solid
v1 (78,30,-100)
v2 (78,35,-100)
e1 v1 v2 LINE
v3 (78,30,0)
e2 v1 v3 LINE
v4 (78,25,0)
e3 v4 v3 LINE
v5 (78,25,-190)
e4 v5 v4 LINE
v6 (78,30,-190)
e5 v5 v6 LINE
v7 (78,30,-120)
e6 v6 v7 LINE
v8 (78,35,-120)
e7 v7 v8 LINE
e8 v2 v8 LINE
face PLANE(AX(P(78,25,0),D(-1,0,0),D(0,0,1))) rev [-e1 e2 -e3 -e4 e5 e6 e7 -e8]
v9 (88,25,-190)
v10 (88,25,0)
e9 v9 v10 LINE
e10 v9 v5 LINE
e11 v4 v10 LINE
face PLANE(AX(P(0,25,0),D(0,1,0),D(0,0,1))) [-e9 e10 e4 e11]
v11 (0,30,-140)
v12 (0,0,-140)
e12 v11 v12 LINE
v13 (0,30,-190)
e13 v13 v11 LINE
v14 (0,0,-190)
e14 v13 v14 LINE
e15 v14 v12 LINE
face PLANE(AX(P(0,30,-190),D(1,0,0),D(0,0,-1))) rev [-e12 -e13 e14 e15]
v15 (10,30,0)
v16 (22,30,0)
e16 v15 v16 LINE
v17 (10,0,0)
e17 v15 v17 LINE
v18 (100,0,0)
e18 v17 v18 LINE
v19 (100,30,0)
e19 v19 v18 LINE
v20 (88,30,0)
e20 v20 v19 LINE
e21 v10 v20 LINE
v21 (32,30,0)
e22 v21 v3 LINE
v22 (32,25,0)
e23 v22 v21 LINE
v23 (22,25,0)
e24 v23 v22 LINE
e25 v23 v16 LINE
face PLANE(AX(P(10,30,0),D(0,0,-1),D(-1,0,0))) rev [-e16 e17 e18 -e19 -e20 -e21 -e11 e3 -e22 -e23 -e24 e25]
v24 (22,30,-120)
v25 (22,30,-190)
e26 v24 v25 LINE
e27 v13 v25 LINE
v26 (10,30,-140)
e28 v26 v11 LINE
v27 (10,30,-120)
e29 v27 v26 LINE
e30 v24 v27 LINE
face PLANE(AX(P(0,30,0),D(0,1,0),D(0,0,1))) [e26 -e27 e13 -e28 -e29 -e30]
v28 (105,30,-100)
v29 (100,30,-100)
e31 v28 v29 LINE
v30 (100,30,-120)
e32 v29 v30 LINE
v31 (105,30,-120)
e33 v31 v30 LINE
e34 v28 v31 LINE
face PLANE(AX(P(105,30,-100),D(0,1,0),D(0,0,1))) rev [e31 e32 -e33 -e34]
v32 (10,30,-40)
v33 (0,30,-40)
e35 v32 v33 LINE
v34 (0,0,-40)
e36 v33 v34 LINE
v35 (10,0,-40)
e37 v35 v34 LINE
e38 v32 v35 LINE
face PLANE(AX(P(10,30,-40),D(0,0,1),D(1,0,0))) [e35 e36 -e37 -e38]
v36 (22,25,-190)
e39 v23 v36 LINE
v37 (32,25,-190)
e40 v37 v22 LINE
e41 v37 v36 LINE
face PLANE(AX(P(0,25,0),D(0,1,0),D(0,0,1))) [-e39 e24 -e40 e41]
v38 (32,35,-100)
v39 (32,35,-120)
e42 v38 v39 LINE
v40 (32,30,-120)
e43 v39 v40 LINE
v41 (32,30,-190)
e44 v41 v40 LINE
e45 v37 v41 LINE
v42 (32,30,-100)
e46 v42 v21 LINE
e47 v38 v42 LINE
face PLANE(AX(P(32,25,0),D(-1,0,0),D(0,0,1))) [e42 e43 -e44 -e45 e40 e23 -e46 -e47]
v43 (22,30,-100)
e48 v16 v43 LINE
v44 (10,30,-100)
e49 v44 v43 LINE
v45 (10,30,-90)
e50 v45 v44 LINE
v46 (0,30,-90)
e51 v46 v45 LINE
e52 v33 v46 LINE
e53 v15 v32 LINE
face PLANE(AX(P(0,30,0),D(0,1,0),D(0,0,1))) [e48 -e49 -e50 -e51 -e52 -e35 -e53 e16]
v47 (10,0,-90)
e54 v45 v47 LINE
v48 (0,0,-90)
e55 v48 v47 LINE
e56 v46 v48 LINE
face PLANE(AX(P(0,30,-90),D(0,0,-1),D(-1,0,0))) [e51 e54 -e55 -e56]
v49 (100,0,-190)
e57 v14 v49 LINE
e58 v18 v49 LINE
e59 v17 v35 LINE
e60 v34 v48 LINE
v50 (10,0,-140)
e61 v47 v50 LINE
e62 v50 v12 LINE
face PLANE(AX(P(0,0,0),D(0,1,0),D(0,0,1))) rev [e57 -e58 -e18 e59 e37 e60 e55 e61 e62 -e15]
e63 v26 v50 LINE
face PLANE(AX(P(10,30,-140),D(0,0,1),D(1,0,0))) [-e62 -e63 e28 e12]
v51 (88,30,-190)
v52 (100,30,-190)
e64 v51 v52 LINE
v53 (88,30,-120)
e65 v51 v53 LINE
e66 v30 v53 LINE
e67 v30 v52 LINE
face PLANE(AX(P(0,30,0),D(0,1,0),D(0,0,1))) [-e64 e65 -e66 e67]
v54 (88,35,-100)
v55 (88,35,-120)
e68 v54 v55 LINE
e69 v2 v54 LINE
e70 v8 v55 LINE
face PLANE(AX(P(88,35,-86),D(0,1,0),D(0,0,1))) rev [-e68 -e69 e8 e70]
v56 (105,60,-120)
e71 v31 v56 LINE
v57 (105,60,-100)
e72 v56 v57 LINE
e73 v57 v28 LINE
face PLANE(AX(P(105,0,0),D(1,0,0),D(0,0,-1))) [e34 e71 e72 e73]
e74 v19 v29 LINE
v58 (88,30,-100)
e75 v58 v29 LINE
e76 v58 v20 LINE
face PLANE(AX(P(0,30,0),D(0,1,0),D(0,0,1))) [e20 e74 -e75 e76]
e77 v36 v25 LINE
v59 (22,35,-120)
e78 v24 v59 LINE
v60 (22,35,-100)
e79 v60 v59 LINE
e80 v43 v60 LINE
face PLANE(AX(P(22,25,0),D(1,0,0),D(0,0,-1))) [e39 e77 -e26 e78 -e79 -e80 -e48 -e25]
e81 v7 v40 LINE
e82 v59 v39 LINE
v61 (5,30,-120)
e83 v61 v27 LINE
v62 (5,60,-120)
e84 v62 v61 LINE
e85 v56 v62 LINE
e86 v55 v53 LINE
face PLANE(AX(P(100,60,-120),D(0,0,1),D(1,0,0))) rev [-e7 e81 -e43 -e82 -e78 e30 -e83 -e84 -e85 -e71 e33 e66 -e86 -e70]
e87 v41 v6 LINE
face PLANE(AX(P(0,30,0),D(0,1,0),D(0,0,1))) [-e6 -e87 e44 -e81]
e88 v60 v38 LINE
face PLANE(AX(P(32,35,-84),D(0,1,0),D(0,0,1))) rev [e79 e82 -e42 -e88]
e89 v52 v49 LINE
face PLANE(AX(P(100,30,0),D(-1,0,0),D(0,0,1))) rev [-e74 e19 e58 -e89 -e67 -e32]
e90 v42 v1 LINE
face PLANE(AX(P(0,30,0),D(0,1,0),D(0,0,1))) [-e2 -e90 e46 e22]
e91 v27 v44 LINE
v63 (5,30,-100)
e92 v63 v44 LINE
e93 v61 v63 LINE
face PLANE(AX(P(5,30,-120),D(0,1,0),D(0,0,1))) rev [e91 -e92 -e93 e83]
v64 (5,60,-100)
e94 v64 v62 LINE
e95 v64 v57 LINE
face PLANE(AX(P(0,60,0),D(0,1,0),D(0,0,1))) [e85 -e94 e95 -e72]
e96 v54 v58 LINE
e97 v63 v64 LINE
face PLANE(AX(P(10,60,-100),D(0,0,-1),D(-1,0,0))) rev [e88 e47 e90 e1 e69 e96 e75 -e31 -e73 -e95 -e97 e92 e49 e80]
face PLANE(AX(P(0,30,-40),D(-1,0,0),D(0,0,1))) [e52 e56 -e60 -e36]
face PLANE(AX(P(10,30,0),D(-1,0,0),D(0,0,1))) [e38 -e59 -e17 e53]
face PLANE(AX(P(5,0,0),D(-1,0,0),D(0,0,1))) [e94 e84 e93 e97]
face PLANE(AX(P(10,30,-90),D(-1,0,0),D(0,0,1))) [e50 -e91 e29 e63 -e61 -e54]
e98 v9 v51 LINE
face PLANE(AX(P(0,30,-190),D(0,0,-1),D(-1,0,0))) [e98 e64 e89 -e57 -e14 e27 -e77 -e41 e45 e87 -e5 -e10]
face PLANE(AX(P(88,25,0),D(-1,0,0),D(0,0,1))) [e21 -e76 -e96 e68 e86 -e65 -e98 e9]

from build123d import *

# Parameters (mm, degrees)
BOSS_EXTRUDE2_DEPTH    = 30
SKETCH2_W              = 10
SKETCH2_H              = 190
CUT_EXTRUDE8_DEPTH     = 5
SKETCH7_W              = 10
SKETCH7_H              = 190
CUT_EXTRUDE9_DEPTH     = 5
SKETCH10_W             = 90
SKETCH10_H             = 20
BOSS_EXTRUDE9_DEPTH    = 30
SKETCH16_W             = 10
SKETCH16_H             = 5
CUT_EXTRUDE11_DEPTH    = 34
SKETCH18_W             = 10
SKETCH18_H             = 5
CUT_EXTRUDE12_DEPTH    = 36
SPLIT3_SURFACE_1_BACK  = 223.935
SPLIT3_SURFACE_1_DEPTH = 447.87
SPLIT3_SURFACE_2_BACK  = 223.935
SPLIT3_SURFACE_2_DEPTH = 447.87
SKETCH24_W             = 20
SKETCH24_H             = 30
BOSS_EXTRUDE10_DEPTH   = 5
SKETCH25_W             = 20
SKETCH25_H             = 30
BOSS_EXTRUDE11_DEPTH   = 5


with BuildPart() as part:
    # Sketch1 → Boss-Extrude2 (new body)
    with BuildSketch(Plane(origin=(0, 0, 0), x_dir=(1, 0, 0), z_dir=(0, 1, 0))):
        Polygon((10, 0), (10, 40), (0, 40), (0, 90), (10, 90), (10, 140), (0, 140), (0, 190), (100, 190), (100, 0), align=None)
    extrude(amount=BOSS_EXTRUDE2_DEPTH)

    # Sketch2 → Cut-Extrude8 (cut)
    with BuildSketch(Plane(origin=(0, 30, 0), x_dir=(1, 0, 0), z_dir=(0, 1, 0))):
        with Locations((27, 95)):
            Rectangle(SKETCH2_W, SKETCH2_H)
    extrude(amount=-CUT_EXTRUDE8_DEPTH, mode=Mode.SUBTRACT)

    # Sketch7 → Cut-Extrude9 (cut)
    with BuildSketch(Plane(origin=(0, 30, 0), x_dir=(1, 0, 0), z_dir=(0, 1, 0))):
        with Locations((83, 95)):
            Rectangle(SKETCH7_W, SKETCH7_H)
    extrude(amount=-CUT_EXTRUDE9_DEPTH, mode=Mode.SUBTRACT)

    # Sketch10 → Boss-Extrude9 (add)
    with BuildSketch(Plane(origin=(0, 30, 0), x_dir=(1, 0, 0), z_dir=(0, 1, 0))):
        with Locations((55, 110)):
            Rectangle(SKETCH10_W, SKETCH10_H)
    extrude(amount=BOSS_EXTRUDE9_DEPTH)

    # Sketch16 → Cut-Extrude11 (cut)
    with BuildSketch(Plane(origin=(0, 0, -120), x_dir=(-1, 0, 0), z_dir=(0, 0, -1))):
        with Locations((-83, 32.5)):
            Rectangle(SKETCH16_W, SKETCH16_H)
    extrude(amount=-CUT_EXTRUDE11_DEPTH, mode=Mode.SUBTRACT)

    # Sketch18 → Cut-Extrude12 (cut)
    with BuildSketch(Plane(origin=(0, 0, -120), x_dir=(-1, 0, 0), z_dir=(0, 0, -1))):
        with Locations((-27, 32.5)):
            Rectangle(SKETCH18_W, SKETCH18_H)
    extrude(amount=-CUT_EXTRUDE12_DEPTH, mode=Mode.SUBTRACT)


with BuildPart() as body_2:
    # Split3: the piece behind the surface
    add(part.part)
    # Split3 surface: a surface, the sketch's curves swept straight by 447.87 mm
    with BuildLine(Plane.ZY.offset(-10).offset(-SPLIT3_SURFACE_1_BACK), mode=Mode.PRIVATE) as split3_surface_1_path:
        Line((-120, 30), (-100, 30))
    split3_surface_1 = Shell.extrude(split3_surface_1_path.wire(), (-1 * SPLIT3_SURFACE_1_DEPTH, 0 * SPLIT3_SURFACE_1_DEPTH, 0 * SPLIT3_SURFACE_1_DEPTH))
    split(bisect_by=split3_surface_1, keep=Keep.BOTTOM)


with BuildPart() as part_1:
    add(part.part)

    # Split3: split by a surface, the side it looks to stays
    # Split3 surface: a surface, the sketch's curves swept straight by 447.87 mm
    with BuildLine(Plane.ZY.offset(-10).offset(-SPLIT3_SURFACE_2_BACK), mode=Mode.PRIVATE) as split3_surface_2_path:
        Line((-120, 30), (-100, 30))
    split3_surface_2 = Shell.extrude(split3_surface_2_path.wire(), (-1 * SPLIT3_SURFACE_2_DEPTH, 0 * SPLIT3_SURFACE_2_DEPTH, 0 * SPLIT3_SURFACE_2_DEPTH))
    split(bisect_by=split3_surface_2, keep=Keep.TOP)

    add(body_2.part)  # Boss-Extrude10 merges body 2
    # Sketch24 → Boss-Extrude10 (add)
    with BuildSketch(Plane.ZY.offset(-10)):
        with Locations((-110, 45)):
            Rectangle(SKETCH24_W, SKETCH24_H)
    extrude(amount=BOSS_EXTRUDE10_DEPTH)

    # Sketch25 → Boss-Extrude11 (add)
    with BuildSketch(Plane(origin=(100, 0, 0), x_dir=(0, 0, -1), z_dir=(1, 0, 0))):
        with Locations((110, 45)):
            Rectangle(SKETCH25_W, SKETCH25_H)
    extrude(amount=BOSS_EXTRUDE11_DEPTH)


solid = part_1.part
